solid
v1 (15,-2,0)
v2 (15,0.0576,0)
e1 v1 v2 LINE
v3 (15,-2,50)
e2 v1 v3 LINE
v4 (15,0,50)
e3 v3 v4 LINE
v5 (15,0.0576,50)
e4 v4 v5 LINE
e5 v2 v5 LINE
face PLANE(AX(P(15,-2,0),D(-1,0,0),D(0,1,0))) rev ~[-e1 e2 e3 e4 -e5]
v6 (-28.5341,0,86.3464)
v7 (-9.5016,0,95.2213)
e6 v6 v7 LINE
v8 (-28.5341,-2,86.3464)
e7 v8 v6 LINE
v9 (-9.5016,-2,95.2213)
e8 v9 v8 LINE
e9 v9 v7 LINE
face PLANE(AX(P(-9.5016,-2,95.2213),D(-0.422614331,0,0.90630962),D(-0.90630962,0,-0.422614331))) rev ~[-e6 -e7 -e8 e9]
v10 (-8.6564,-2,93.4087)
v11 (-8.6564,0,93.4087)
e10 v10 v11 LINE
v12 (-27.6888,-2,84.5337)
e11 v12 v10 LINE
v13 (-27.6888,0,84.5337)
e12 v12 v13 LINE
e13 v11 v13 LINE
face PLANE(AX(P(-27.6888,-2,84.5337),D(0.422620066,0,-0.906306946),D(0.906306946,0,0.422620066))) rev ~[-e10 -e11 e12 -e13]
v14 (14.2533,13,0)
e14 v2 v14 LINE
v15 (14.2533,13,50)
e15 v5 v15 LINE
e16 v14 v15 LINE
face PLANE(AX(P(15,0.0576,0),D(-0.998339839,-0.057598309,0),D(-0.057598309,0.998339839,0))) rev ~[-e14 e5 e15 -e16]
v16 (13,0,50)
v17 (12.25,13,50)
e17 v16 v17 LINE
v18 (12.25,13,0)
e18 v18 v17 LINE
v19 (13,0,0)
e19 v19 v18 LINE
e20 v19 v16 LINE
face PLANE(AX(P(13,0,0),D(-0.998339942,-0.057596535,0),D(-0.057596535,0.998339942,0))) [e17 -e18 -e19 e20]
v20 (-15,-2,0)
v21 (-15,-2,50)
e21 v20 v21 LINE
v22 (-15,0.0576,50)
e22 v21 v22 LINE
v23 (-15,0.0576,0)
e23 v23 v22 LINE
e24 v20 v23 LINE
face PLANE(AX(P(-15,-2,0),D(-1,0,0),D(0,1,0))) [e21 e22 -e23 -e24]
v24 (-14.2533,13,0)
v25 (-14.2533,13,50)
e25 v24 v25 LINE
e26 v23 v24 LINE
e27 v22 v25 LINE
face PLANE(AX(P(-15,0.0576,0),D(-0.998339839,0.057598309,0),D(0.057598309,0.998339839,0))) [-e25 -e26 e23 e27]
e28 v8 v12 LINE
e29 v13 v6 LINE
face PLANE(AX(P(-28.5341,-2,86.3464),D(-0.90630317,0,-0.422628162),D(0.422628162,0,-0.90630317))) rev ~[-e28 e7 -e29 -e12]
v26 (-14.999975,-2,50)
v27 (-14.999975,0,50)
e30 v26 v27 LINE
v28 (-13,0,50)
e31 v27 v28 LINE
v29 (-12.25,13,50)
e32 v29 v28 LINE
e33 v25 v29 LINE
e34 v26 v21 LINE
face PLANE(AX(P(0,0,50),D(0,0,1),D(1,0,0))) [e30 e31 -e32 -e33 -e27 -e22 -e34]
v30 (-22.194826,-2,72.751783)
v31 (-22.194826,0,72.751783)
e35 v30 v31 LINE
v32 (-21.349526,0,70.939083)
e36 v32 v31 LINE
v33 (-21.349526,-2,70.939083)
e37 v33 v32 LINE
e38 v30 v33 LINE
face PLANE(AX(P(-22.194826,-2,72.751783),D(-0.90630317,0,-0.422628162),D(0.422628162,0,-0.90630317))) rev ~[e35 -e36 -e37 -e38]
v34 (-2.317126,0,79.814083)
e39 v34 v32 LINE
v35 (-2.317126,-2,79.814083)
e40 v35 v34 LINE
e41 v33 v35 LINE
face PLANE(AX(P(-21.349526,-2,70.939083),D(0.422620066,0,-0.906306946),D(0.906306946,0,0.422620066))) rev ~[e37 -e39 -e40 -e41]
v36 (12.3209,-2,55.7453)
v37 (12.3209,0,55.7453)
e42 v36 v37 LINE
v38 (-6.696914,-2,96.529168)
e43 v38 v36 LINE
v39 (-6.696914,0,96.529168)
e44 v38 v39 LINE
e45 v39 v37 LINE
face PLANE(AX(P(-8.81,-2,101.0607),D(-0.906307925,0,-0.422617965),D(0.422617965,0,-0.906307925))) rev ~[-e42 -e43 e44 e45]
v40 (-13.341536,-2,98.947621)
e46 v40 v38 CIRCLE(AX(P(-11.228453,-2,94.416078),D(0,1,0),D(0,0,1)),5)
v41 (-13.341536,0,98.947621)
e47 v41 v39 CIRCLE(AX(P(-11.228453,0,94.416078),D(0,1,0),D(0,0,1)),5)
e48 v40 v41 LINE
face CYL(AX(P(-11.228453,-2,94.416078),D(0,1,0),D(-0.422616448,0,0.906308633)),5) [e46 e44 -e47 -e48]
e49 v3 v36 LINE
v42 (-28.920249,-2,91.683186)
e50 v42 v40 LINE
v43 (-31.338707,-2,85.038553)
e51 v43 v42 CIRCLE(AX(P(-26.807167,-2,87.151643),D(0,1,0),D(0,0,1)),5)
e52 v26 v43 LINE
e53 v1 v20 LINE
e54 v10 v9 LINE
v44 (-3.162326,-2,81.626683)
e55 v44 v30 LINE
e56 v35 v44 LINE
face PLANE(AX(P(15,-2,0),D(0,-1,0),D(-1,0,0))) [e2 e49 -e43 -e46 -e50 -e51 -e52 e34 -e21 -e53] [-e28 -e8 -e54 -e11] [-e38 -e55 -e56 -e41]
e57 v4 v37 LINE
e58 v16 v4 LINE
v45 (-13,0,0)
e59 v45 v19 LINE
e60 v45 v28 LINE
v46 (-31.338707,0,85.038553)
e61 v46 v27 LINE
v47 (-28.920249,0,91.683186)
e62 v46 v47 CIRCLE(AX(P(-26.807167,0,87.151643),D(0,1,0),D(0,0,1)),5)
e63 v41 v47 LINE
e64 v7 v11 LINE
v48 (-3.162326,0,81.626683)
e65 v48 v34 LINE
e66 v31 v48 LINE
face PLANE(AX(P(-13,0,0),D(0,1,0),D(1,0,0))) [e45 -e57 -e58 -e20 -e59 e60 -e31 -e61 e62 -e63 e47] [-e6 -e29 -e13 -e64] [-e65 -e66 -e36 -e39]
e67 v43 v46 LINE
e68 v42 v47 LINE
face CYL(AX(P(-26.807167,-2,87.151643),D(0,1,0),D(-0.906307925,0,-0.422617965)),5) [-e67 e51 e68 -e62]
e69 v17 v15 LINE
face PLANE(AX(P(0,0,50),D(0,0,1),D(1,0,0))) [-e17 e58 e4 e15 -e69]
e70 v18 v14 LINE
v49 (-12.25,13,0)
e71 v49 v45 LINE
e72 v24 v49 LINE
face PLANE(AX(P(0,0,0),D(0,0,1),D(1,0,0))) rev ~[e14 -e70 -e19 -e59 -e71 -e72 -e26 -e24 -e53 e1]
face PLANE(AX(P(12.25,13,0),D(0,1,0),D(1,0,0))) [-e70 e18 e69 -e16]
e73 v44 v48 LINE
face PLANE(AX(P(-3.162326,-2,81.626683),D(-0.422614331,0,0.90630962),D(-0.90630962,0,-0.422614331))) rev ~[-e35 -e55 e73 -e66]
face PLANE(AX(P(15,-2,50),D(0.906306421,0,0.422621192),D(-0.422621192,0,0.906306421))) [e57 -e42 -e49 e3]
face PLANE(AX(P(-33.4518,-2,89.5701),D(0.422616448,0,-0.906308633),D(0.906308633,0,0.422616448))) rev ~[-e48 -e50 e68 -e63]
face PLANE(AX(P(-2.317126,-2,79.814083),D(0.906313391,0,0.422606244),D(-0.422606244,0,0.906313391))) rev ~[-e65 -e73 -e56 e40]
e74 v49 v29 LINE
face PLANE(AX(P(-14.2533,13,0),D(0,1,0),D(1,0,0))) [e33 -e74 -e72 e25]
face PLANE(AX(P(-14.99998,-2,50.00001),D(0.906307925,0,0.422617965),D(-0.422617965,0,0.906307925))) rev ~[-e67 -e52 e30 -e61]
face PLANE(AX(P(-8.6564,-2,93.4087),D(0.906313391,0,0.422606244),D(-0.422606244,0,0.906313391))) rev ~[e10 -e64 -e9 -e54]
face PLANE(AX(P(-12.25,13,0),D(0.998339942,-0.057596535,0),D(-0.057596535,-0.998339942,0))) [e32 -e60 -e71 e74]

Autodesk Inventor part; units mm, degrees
ref_plane "YZ Plane" through (0, 0, 0) normal (1, 0, 0) x (0, 1, 0)
ref_plane "XZ Plane" through (0, 0, 0) normal (0, 1, 0) x (-1, 0, 0)
ref_plane "XY Plane" through (0, 0, 0) normal (0, 0, 1) x (1, 0, 0)
sketch "Sketch1" plane through (0, 0, 0) normal (0, 0, 1) x (1, 0, 0)
  line L0 (-13, 0) -> (13, 0)
  line L1 (13, 0) -> (12.25, 13)
  line L2 (12.25, 13) -> (14.2533, 13)
  line L3 (15, -2) -> (-15, -2)
  line L4 (-14.2533, 13) -> (-12.25, 13)
  line L5 (-12.25, 13) -> (-13, 0)
  line L6 (-15, -2) -> (-15, 0.0576)
  line L7 (-15, 0.0576) -> (-14.2533, 13)
  line L8 (15, -2) -> (15, 0.0576)
  line L9 (15, 0.0576) -> (14.2533, 13)
  point P0 (0, 0)
  point P1 (0, 0)
  point P2 (0, -2)
  dimension "d0" = 24.5
  dimension "d2" = 2
  dimension "d4" = 26
  dimension "d5" = 13
  dimension "d27" = 2
  dimension "d28" = 2
extrude "Extrusion1" add sketch "Sketch1" along normal blind 50
sketch "Sketch2" plane through (-15, -2, 0) normal (0, -1, 0) x (1, 0, 0)
  line L0 (0, 50) -> (30, 50) projected
  line L1 (0, 0) -> (0, 50) projected
  line L2 (15, 50) -> (-6.1309, 95.3154)
  line L3 (-18.4518, 89.5701) -> (6.19, 101.0607)
  line L4 (6.19, 101.0607) -> (27.3209, 55.7453)
  line L5 (27.3209, 55.7453) -> (2.6791, 44.2547)
  line L6 (2.6791, 44.2547) -> (-18.4518, 89.5701)
  line L7 (30, 50) -> (27.3209, 55.7453)
  point P0 (15, 0)
  dimension "d8" = 25
  dimension "d13" = 50
extrude "Extrusion2" add sketch "Sketch2" against normal up to surface (2 mm away)
sketch "Sketch3" plane through (-15, -2, 0) normal (0, -1, 0) x (1, 0, 0)
  line L0 (30, 0) -> (30, 50) projected
  line L1 (6.19, 101.0607) -> (-18.4518, 89.5701) projected
  line L2 (-18.4518, 89.5701) -> (0, 50) projected
  line L3 (-13.5341, 86.3464) -> (-12.6888, 84.5337)
  line L4 (-12.6888, 84.5337) -> (6.3436, 93.4087)
  line L5 (6.3436, 93.4087) -> (5.4984, 95.2213)
  line L6 (5.4984, 95.2213) -> (-13.5341, 86.3464)
  line L7 (-6.1309, 95.3154) -> (30, 17.8324) construction
  point P0 (30.2374, 50)
  point P1 (15, 0)
  point P2 (-4.0178, 90.7839)
  dimension "d17" = 21
  dimension "d19" = 5
  dimension "d20" = 2
extrude "Extrusion3" cut sketch "Sketch3" against normal through all
pattern_linear "Rectangular Pattern1" count 2 spacing 15 along (0.4226, 0, -0.9063) of "Extrusion3"
fillet "Fillet1" radius 5 2 edges at (-33.4518, -1, 89.5701) (-8.81, -1, 101.0607)
properties part number "tow ribbon management"
